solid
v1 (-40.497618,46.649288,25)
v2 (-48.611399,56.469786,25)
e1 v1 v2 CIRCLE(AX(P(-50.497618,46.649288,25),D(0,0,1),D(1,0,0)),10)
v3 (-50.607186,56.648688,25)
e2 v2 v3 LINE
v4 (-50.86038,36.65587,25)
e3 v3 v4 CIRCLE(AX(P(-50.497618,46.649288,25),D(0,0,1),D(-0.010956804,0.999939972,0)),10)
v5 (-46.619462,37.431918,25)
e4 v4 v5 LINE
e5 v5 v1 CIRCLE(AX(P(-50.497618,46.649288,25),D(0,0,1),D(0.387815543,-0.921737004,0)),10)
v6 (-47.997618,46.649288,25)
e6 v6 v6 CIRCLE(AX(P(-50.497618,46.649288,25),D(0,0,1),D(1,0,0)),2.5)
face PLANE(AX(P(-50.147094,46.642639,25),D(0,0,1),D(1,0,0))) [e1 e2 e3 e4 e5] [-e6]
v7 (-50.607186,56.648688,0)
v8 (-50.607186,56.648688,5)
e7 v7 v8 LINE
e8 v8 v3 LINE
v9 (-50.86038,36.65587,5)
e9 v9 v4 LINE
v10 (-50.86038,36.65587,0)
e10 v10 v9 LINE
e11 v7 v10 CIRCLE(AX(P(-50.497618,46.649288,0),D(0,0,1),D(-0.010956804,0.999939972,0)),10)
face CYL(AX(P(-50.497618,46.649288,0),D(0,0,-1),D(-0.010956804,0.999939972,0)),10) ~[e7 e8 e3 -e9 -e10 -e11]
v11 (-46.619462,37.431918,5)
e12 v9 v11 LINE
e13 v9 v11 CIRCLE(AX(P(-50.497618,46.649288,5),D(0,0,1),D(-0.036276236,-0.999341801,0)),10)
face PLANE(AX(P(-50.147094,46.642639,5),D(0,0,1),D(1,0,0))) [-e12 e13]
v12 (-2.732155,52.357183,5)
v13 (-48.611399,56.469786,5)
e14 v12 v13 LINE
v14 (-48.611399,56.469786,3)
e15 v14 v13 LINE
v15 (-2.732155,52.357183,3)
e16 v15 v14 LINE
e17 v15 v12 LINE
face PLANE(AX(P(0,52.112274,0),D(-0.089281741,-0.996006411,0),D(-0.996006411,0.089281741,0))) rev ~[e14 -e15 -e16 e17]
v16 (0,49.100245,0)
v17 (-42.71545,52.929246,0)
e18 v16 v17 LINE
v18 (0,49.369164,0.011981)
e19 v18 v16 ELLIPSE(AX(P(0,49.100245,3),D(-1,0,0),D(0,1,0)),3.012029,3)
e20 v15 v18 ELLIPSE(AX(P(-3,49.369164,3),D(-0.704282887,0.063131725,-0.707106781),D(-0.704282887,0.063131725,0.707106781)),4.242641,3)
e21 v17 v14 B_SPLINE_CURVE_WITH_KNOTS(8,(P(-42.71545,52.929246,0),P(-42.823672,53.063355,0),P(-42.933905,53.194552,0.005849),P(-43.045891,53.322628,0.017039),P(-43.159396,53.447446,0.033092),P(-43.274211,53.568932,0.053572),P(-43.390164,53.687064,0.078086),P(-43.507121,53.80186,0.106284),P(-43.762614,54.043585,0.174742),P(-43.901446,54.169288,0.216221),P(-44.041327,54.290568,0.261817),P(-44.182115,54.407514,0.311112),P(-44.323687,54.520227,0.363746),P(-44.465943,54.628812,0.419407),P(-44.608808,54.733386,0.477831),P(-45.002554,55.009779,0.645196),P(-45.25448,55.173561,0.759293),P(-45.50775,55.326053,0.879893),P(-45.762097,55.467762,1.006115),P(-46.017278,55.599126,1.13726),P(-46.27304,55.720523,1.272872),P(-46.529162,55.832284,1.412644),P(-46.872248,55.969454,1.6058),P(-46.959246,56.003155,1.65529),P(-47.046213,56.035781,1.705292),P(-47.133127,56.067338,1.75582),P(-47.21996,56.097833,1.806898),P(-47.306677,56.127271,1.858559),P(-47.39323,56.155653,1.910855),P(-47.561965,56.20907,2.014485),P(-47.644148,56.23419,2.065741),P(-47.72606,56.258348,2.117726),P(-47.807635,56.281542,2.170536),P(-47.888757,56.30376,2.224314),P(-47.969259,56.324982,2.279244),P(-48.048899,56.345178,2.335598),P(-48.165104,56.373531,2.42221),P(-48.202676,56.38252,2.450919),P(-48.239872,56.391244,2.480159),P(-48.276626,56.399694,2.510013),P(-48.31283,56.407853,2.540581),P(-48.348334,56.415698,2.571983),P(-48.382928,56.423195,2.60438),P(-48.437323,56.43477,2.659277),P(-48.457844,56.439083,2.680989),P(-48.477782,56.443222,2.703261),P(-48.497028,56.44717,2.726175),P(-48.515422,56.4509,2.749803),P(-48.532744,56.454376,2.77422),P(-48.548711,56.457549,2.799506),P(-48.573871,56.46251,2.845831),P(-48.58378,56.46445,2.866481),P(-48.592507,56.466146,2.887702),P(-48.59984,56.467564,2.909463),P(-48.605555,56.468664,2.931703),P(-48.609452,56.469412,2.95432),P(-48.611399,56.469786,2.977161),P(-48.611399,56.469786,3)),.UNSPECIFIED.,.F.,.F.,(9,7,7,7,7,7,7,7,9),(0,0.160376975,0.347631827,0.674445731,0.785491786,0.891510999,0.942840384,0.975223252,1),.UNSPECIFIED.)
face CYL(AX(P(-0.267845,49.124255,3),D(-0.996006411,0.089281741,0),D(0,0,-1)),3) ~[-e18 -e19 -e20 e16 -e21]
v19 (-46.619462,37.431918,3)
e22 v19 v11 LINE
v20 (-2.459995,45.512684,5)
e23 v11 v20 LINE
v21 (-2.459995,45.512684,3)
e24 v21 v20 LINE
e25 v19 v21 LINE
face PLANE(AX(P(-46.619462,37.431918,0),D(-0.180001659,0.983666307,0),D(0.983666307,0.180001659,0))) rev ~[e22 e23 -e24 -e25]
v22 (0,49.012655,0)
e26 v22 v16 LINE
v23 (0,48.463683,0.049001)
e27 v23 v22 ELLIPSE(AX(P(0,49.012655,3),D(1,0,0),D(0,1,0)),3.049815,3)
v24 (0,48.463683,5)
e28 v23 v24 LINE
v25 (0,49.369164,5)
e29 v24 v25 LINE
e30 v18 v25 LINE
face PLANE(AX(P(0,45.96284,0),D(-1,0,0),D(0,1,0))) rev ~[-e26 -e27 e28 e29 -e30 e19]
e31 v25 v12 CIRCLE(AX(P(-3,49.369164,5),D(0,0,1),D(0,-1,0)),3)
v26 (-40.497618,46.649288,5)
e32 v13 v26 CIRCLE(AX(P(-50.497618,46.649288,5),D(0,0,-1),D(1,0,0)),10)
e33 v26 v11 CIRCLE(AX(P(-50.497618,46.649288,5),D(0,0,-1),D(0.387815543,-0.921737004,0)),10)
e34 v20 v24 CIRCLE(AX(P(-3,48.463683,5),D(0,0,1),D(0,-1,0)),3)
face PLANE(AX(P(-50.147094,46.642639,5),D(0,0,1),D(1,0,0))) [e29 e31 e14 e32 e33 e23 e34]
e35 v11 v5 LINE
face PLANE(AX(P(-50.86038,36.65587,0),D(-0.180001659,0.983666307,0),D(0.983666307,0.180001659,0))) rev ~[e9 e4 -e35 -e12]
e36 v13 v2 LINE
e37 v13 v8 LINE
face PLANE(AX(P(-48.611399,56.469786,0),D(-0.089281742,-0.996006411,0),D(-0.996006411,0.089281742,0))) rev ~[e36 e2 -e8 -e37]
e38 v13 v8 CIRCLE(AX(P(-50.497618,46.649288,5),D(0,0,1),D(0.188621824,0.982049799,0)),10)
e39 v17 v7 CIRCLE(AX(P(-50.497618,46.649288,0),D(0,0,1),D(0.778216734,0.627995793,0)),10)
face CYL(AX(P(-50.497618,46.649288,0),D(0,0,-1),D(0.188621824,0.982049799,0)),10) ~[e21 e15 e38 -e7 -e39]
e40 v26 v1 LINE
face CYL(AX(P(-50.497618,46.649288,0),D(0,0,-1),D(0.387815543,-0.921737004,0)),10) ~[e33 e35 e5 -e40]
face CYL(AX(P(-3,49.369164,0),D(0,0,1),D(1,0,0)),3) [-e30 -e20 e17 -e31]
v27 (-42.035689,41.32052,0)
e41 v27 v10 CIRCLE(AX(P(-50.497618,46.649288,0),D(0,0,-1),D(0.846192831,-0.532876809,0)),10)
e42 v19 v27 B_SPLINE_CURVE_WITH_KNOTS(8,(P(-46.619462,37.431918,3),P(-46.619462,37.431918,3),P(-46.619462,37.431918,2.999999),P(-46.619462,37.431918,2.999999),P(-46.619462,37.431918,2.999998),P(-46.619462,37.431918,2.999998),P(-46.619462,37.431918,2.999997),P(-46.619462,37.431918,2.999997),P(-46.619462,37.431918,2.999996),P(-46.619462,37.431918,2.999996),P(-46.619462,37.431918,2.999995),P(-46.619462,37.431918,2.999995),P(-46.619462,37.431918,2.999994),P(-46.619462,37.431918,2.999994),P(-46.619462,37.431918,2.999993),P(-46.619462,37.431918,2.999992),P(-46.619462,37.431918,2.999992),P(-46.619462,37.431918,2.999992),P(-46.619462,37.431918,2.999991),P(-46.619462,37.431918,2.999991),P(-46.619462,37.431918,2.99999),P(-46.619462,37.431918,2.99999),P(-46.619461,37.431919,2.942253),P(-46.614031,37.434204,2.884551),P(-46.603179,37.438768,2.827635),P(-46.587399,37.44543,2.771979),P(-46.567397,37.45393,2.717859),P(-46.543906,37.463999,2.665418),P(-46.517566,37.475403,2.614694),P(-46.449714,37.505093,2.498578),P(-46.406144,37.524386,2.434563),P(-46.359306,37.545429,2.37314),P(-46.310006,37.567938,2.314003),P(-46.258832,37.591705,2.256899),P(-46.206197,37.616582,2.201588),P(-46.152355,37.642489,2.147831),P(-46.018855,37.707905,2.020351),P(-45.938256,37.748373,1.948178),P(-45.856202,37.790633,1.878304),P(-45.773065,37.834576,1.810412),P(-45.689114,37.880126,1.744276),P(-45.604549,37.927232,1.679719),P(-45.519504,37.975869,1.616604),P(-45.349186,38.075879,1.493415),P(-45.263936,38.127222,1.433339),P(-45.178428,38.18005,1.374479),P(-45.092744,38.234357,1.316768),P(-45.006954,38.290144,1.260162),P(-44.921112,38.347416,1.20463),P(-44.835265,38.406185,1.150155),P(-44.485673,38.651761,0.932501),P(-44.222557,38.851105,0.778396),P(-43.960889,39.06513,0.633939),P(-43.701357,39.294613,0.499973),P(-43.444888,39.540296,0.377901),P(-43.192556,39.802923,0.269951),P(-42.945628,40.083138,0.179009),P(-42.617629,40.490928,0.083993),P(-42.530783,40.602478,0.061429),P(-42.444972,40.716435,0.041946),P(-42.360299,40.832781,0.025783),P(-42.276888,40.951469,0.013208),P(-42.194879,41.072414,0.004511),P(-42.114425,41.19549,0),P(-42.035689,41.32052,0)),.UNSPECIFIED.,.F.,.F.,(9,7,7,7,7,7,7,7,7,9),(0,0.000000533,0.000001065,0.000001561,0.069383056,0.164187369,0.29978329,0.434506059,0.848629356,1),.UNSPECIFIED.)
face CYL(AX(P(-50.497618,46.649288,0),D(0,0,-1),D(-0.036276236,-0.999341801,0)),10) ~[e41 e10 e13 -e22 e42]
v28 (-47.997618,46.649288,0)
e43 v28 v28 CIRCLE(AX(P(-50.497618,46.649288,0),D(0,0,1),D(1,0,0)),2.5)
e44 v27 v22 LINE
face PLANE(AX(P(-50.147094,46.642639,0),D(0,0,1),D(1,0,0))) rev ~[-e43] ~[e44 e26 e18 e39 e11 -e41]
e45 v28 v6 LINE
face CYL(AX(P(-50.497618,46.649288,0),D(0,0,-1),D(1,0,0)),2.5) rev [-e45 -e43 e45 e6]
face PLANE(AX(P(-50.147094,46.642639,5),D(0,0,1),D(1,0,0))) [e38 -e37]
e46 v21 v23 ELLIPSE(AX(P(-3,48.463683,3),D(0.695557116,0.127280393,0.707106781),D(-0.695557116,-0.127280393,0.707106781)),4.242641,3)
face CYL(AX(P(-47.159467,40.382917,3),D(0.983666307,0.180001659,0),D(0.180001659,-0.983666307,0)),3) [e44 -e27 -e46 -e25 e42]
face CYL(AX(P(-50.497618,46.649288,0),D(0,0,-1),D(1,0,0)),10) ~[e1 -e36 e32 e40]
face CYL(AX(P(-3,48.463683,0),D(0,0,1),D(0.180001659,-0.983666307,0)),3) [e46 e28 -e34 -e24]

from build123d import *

# Parameters (mm, degrees)
F0_R     = 2.5
F1_DEPTH = 25
F2_DEPTH = 5
F3_R     = 3


with BuildPart() as f1:
    # F0 (on Top) → F1 (new body)
    with BuildSketch(Plane.XY):
        with BuildLine():
            Line((-48.6113993327, 56.4697863751), (-50.6071856175, 56.6486881103))
            ThreePointArc((-50.6071856175, 56.6486881103), (-60.4968157511, 46.7759208686), (-50.8603799334, 36.6558703788))
            Line((-50.8603799334, 36.6558703788), (-46.6194621468, 37.431918344))
            ThreePointArc((-46.6194621468, 37.431918344), (-42.1675049005, 41.1167281405), (-40.4976175725, 46.6492883861))
            ThreePointArc((-40.4976175725, 46.6492883861), (-42.7884612504, 53.0186611025), (-48.6113993327, 56.4697863751))
        make_face()
        with Locations((-50.4976175725, 46.6492883861)):
            Circle(F0_R, mode=Mode.SUBTRACT)
    extrude(amount=F1_DEPTH)

    # F0 (on Top) → F2 (join)
    with BuildSketch(Plane.XY):
        with BuildLine():
            Line((-48.6113993327, 56.4697863751), (-50.6071856175, 56.6486881103))
            ThreePointArc((-50.6071856175, 56.6486881103), (-60.4968157511, 46.7759208686), (-50.8603799334, 36.6558703788))
            Line((-50.8603799334, 36.6558703788), (-46.6194621468, 37.431918344))
            ThreePointArc((-46.6194621468, 37.431918344), (-42.1675049005, 41.1167281405), (-40.4976175725, 46.6492883861))
            ThreePointArc((-40.4976175725, 46.6492883861), (-42.7884612504, 53.0186611025), (-48.6113993327, 56.4697863751))
        make_face()
        with Locations((-50.4976175725, 46.6492883861)):
            Circle(F0_R, mode=Mode.SUBTRACT)
        with BuildLine():
            ThreePointArc((-48.6113993327, 56.4697863751), (-49.6048001576, 56.6093524955), (-50.6071856175, 56.6486881103))
            Line((-50.6071856175, 56.6486881103), (-48.6113993327, 56.4697863751))
        make_face()
        with BuildLine():
            Line((-46.6194621468, 37.431918344), (-50.8603799334, 36.6558703788))
            ThreePointArc((-50.8603799334, 36.6558703788), (-48.6976009861, 36.8126253194), (-46.6194621468, 37.431918344))
        make_face()
        with BuildLine():
            Line((0, 52.1122738719), (-48.6113993327, 56.4697863751))
            ThreePointArc((-48.6113993327, 56.4697863751), (-42.7884612504, 53.0186611025), (-40.4976175725, 46.6492883861))
            ThreePointArc((-40.4976175725, 46.6492883861), (-42.1675049005, 41.1167281405), (-46.6194621468, 37.431918344))
            Line((-46.6194621468, 37.431918344), (0, 45.9628403187))
            Line((0, 45.9628403187), (0, 52.1122738719))
        make_face()
    extrude(amount=F2_DEPTH)

    # F3
    f3_edges = [f1.edges().sort_by_distance(p)[0] for p in [
        (0, 45.96284, 2.5),
        (0, 52.112274, 2.5),
        (-23.309731, 41.697379, 0),
        (-24.3057, 54.29103, 0),
    ]]
    fillet(f3_edges, radius=F3_R)


solid = f1.part
